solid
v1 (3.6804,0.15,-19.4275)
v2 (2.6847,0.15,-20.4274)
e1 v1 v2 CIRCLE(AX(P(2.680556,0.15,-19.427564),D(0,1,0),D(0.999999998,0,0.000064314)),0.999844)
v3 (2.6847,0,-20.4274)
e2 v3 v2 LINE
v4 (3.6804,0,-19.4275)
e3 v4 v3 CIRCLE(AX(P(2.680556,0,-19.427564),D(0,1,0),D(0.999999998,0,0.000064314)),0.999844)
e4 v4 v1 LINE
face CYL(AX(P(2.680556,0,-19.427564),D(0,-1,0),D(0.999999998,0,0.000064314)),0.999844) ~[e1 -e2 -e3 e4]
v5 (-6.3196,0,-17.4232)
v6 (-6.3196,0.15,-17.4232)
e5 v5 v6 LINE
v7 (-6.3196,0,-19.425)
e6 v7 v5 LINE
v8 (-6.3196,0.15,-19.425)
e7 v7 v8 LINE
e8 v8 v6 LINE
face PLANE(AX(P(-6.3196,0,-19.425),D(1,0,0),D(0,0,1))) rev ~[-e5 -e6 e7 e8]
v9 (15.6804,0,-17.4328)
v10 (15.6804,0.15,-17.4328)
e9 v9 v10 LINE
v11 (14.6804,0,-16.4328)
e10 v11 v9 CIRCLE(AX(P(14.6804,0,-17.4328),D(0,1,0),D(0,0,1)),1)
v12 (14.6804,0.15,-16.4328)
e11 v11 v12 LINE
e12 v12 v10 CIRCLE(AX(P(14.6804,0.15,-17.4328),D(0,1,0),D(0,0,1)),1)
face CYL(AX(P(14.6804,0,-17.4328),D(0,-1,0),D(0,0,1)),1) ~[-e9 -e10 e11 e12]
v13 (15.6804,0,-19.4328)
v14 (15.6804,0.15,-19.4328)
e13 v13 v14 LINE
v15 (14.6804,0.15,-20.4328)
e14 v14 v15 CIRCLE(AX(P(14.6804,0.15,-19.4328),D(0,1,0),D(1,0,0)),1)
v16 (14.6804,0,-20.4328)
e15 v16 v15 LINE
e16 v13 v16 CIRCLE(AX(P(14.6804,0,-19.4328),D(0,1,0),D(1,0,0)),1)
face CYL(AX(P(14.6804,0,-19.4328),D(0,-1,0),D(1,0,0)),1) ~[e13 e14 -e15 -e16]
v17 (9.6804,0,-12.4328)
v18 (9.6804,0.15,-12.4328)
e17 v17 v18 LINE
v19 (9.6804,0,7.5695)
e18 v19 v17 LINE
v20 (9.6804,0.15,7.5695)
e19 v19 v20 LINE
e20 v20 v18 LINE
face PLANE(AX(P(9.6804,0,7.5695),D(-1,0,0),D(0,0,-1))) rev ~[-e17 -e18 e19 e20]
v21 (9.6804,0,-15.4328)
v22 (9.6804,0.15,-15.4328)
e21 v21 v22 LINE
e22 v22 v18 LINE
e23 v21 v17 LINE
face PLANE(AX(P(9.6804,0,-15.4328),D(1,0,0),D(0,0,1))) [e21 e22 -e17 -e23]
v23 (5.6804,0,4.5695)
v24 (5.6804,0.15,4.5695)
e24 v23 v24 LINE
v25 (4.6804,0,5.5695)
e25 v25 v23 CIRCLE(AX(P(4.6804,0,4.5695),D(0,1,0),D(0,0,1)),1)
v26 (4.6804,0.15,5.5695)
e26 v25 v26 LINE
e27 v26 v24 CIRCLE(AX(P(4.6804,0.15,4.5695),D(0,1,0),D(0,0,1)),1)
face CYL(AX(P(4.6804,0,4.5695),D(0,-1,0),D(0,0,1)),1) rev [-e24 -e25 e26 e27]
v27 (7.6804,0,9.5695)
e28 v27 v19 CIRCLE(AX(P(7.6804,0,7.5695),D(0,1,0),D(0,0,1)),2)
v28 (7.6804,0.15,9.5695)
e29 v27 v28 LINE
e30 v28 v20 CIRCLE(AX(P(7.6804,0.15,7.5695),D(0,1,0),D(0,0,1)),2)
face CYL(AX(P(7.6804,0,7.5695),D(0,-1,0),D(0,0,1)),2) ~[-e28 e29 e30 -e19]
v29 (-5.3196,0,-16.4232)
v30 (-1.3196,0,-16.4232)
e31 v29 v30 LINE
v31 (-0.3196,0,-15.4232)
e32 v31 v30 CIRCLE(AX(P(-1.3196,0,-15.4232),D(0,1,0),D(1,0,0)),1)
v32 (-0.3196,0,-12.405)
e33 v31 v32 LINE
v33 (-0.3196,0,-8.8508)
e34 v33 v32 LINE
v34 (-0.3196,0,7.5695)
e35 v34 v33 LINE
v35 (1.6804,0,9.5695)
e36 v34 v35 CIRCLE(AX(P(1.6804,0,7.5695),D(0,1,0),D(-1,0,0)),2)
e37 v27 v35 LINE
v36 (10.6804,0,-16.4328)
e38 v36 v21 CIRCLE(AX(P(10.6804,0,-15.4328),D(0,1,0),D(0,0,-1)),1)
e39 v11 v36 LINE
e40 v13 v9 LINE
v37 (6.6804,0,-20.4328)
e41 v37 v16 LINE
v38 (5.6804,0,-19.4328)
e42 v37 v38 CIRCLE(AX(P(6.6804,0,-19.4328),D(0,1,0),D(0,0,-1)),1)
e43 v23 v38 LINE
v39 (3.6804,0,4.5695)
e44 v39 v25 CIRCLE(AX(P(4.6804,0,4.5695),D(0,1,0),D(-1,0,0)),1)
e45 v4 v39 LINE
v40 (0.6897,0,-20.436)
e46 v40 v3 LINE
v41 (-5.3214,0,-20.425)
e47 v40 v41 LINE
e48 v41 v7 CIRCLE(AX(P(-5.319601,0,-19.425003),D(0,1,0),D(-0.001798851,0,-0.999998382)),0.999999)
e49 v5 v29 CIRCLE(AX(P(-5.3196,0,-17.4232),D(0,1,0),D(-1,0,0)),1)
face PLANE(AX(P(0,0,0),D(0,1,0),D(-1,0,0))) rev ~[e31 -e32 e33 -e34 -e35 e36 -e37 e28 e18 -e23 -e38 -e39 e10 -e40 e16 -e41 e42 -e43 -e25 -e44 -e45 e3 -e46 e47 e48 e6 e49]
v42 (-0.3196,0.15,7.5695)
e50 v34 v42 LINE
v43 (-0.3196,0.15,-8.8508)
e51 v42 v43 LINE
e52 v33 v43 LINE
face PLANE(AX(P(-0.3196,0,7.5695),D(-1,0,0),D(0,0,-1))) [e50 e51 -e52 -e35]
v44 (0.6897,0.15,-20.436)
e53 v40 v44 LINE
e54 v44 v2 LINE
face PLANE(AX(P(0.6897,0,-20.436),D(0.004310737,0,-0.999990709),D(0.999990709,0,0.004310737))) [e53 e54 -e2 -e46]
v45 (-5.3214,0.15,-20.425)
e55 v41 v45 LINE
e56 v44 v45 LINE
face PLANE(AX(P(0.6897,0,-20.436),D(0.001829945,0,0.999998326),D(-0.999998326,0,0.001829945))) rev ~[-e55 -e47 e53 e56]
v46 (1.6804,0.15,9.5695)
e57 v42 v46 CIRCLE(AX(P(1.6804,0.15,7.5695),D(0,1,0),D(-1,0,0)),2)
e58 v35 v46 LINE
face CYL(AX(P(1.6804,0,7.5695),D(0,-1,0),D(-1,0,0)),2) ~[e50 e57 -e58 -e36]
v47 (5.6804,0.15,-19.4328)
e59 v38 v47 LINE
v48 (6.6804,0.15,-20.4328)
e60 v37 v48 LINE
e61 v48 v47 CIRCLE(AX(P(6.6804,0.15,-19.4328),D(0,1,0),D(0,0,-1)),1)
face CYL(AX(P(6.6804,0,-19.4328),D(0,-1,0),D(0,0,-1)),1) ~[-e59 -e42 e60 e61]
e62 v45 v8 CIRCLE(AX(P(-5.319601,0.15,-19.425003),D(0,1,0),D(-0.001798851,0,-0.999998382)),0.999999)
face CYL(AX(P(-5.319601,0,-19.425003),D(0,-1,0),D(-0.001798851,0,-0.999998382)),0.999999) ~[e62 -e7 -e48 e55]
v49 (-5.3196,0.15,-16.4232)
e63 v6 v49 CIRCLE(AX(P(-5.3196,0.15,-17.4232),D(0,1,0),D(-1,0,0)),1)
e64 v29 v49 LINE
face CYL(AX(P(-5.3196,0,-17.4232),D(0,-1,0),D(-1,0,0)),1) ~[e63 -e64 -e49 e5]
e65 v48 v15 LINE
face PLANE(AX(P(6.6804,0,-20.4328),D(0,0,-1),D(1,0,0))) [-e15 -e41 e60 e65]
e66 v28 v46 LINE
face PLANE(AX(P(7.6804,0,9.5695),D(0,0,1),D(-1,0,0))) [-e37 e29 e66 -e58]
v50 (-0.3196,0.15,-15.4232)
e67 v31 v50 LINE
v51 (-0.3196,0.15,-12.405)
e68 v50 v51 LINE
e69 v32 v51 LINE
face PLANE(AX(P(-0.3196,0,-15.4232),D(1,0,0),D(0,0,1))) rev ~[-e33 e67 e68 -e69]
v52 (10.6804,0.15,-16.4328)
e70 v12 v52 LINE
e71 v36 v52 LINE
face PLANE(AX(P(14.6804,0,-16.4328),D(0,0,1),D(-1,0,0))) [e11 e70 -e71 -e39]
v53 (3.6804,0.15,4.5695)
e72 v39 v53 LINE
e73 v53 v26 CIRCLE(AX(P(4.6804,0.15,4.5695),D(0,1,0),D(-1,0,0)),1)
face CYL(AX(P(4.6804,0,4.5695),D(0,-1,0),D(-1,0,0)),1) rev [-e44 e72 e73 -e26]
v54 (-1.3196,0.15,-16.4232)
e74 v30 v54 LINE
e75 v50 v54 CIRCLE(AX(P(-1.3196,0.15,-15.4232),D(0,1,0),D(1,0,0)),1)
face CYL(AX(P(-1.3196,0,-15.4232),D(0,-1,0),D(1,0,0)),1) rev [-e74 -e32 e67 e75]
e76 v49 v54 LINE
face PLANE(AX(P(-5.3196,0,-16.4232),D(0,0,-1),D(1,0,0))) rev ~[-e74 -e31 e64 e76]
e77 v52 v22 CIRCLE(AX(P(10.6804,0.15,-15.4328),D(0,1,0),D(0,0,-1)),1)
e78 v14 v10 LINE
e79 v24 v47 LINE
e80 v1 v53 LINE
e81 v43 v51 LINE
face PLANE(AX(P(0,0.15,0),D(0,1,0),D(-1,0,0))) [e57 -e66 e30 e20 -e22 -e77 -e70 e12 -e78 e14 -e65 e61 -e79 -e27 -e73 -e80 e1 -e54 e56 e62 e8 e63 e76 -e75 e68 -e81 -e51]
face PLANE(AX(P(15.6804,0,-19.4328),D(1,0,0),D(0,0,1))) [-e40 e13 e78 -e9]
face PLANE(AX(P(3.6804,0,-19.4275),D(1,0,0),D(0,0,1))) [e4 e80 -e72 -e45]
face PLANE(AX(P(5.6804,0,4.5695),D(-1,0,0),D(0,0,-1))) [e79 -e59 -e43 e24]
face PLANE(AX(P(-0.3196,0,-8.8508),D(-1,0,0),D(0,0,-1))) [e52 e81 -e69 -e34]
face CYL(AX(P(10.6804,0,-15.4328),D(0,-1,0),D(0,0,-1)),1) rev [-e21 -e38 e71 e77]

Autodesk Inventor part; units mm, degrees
ref_plane "YZ Plane" through (0, 0, 0) normal (1, 0, 0) x (0, 1, 0)
ref_plane "XZ Plane" through (0, 0, 0) normal (0, 1, 0) x (-1, 0, 0)
ref_plane "XY Plane" through (0, 0, 0) normal (0, 0, 1) x (1, 0, 0)
sketch "Sketch1" plane through (0, 0, 0) normal (0, 1, 0) x (-1, 0, 0)
  line L0 (-7.6804, 9.5695) -> (-1.6804, 9.5695)
  line L1 (-4.6804, 5.5695) -> (-4.6804, 5.5695)
  line L2 (-0.6897, -20.436) -> (5.3214, -20.425)
  line L3 (-0.6897, -20.436) -> (-2.6847, -20.4274)
  line L4 (-3.6804, -19.4275) -> (-3.6804, 4.5695)
  line L5 (-5.6804, 4.5695) -> (-5.6804, -19.4328)
  line L6 (0.3196, 7.5695) -> (0.3196, -12.405)
  line L7 (-6.6804, -20.4328) -> (-14.6804, -20.4328)
  line L8 (-9.6804, 7.5695) -> (-9.6804, -12.4328)
  arc A0 (-7.6804, 9.5695) -> (-9.6804, 7.5695) centre (-7.6804, 7.5695) ccw
  arc A1 (0.3196, 7.5695) -> (-1.6804, 9.5695) centre (-1.6804, 7.5695) ccw
  line L9 (6.3196, -19.425) -> (6.3196, -17.4232)
  line L10 (5.3196, -16.4232) -> (1.3196, -16.4232)
  line L11 (0.3196, -15.4232) -> (0.3196, -8.8508)
  line L12 (-15.6804, -19.4328) -> (-15.6804, -17.4328)
  line L13 (-14.6804, -16.4328) -> (-10.6804, -16.4328)
  line L14 (-9.6804, -15.4328) -> (-9.6804, -12.4328)
  arc A2 (-10.6804, -16.4328) -> (-9.6804, -15.4328) centre (-10.6804, -15.4328) ccw
  arc A3 (-14.6804, -16.4328) -> (-15.6804, -17.4328) centre (-14.6804, -17.4328) ccw
  arc A4 (-15.6804, -19.4328) -> (-14.6804, -20.4328) centre (-14.6804, -19.4328) ccw
  arc A5 (-6.6804, -20.4328) -> (-5.6804, -19.4328) centre (-6.6804, -19.4328) ccw
  arc A6 (-3.6804, -19.4275) -> (-2.6847, -20.4274) centre (-2.6804, -19.4275) ccw
  arc A7 (5.3214, -20.425) -> (6.3196, -19.425) centre (5.3196, -19.425) ccw
  arc A8 (6.3196, -17.4232) -> (5.3196, -16.4232) centre (5.3196, -17.4232) ccw
  arc A9 (0.3196, -15.4232) -> (1.3196, -16.4232) centre (1.3196, -15.4232) ccw
  arc A10 (-4.6804, 5.5695) -> (-5.6804, 4.5695) centre (-4.6804, 4.5695) ccw
  arc A11 (-3.6804, 4.5695) -> (-4.6804, 5.5695) centre (-4.6804, 4.5695) ccw
  point P0 (0, 0)
  point P1 (6.3196, -20.4232)
  point P2 (-3.6804, -20.4232)
  point P3 (-15.6804, -20.4328)
  point P4 (-4.6804, 9.5695)
  point P5 (-4.6804, 5.5695)
  point P6 (2.3159, -20.4305)
  point P7 (6.3196, -16.4232)
  point P8 (-15.6804, -16.4328)
  point P9 (0.3196, -12.405)
  point P10 (-15.6804, -18.4328)
  point P11 (6.3196, -18.4241)
  dimension "d0" = 10
  dimension "d2" = 4
  dimension "d3" = 4
  dimension "d4" = 2
  dimension "d5" = 4
  dimension "d6" = 30
  dimension "d7" = 2
  dimension "d8" = 4
  dimension "d9" = 4
  dimension "d10" = 1
  dimension "d11" = 1
  dimension "d14" = 22
extrude "Extrusion1" add sketch "Sketch1" along normal blind 0.15
